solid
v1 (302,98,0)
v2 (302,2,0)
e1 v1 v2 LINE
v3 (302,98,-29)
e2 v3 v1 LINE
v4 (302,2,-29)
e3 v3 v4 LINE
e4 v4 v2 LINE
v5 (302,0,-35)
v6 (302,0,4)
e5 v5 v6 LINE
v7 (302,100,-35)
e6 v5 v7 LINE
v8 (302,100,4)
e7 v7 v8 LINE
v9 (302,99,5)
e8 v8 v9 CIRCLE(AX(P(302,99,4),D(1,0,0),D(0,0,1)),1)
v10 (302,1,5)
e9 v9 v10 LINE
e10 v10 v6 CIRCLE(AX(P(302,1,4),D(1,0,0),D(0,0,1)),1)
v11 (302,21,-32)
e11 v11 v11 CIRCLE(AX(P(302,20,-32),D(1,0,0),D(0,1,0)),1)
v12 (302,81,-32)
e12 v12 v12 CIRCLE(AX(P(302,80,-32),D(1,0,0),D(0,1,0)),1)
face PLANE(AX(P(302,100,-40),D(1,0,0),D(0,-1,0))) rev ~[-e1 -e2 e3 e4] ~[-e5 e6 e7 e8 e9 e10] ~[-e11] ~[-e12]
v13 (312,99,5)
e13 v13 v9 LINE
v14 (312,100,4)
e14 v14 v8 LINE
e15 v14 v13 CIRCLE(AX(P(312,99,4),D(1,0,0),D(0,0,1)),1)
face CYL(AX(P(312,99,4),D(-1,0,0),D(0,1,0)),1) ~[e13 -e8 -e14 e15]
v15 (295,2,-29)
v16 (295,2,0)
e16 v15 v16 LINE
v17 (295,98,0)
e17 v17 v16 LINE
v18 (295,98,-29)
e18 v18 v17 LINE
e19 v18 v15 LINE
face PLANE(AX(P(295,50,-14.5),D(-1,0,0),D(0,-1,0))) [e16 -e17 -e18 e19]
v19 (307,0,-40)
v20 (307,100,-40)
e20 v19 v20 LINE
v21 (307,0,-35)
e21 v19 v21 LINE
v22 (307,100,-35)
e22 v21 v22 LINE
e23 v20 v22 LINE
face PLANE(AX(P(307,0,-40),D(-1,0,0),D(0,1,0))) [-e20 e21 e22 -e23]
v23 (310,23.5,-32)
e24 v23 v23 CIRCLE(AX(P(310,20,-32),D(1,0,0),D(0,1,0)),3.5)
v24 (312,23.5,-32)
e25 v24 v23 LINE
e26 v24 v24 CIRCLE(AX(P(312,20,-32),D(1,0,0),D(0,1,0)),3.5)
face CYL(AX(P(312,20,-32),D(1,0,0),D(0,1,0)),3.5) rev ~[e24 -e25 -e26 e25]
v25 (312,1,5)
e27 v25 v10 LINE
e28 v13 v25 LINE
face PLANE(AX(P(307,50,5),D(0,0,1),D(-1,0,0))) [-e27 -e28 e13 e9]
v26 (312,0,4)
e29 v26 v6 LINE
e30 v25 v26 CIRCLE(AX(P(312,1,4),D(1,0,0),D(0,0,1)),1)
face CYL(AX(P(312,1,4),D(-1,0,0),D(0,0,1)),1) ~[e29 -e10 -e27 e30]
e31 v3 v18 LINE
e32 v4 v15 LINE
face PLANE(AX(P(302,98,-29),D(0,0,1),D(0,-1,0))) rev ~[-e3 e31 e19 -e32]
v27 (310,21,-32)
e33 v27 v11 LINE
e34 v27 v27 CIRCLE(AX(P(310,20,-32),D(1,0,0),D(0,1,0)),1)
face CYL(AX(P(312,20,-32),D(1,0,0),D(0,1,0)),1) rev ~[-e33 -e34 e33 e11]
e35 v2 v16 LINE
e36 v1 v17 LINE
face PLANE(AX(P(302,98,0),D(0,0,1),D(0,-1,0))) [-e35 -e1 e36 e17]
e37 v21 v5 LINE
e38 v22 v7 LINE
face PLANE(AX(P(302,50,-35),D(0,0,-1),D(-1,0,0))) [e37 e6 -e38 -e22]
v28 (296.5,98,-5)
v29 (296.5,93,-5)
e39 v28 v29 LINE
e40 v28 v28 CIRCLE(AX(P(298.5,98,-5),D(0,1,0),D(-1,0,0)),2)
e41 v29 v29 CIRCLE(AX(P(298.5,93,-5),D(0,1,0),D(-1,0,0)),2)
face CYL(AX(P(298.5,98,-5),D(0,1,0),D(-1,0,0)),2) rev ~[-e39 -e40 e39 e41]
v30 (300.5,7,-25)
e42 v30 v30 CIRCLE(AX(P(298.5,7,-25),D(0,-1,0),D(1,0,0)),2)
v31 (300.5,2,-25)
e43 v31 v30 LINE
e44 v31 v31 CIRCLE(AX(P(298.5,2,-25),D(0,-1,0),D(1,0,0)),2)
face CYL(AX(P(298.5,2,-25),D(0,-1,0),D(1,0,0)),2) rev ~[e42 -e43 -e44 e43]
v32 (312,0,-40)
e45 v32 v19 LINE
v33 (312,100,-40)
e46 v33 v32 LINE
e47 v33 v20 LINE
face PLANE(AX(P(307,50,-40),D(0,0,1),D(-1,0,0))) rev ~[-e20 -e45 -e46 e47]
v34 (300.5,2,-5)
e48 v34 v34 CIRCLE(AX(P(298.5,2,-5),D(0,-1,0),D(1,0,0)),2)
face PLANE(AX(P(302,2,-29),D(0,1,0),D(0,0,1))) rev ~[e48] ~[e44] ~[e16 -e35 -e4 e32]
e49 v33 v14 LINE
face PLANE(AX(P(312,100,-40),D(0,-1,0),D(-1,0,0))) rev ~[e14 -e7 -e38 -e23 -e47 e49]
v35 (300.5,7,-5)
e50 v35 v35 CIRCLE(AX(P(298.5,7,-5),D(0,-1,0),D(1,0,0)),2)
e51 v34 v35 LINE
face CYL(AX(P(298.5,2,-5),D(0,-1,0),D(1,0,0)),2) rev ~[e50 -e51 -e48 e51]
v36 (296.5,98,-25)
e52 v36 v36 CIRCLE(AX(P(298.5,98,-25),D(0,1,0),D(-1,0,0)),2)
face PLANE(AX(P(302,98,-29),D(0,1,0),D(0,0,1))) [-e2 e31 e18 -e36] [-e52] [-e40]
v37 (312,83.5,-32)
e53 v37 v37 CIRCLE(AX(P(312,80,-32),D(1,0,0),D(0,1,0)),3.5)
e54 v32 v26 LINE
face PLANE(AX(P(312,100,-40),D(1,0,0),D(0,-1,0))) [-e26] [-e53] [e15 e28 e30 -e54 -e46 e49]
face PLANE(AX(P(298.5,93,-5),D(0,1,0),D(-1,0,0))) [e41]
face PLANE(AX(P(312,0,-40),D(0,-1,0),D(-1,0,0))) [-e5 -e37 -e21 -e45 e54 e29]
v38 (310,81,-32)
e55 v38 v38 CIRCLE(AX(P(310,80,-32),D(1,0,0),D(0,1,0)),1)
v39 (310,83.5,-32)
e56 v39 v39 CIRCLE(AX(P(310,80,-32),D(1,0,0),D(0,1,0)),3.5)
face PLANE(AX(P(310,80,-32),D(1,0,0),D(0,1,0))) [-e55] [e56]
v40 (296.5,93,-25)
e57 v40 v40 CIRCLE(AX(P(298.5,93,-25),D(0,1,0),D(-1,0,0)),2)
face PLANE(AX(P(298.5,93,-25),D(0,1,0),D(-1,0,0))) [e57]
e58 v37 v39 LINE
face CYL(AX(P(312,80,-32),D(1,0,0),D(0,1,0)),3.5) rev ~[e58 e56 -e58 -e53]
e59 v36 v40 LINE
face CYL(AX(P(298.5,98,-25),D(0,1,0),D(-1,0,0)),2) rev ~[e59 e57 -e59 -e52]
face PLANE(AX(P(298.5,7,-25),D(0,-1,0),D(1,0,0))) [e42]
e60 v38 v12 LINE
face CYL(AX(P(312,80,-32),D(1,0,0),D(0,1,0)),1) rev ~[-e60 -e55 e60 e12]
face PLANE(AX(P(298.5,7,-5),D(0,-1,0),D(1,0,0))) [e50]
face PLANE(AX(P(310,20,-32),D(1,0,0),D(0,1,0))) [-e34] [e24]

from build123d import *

# Parameters (mm, degrees)
SKETCH005_W             = 10
SKETCH005_H             = 100
PAD003_DEPTH            = 45
SKETCH006_W             = 10
SKETCH006_H             = 100
POCKET002_DEPTH         = 5
SKETCH007_W             = 96
SKETCH007_H             = 29
PAD004_DEPTH            = 7
SKETCH014_R             = 1
POCKET007_DEPTH         = 10
SKETCH015_R             = 3.5
POCKET008_DEPTH         = 2
SKETCH016_R             = 2
POCKET009_DEPTH         = 5
SKETCH017_R             = 2
POCKET010_DEPTH         = 5
FILLET001_R             = 1
BODY003_PLACEMENT_ANGLE = 180


with BuildPart() as part:
    # Sketch005 → Pad003 (new body)
    with BuildSketch(Plane.XY):
        with Locations((5, 50)):
            Rectangle(SKETCH005_W, SKETCH005_H)
    extrude(amount=PAD003_DEPTH)

    # Sketch006 (on Face5 of Pad003) → Pocket002 (cut)
    with BuildSketch(Plane(origin=(0, 0, 0), x_dir=(1, 0, 0), z_dir=(0, 0, -1))):
        with Locations((10, -50)):
            Rectangle(SKETCH006_W, SKETCH006_H)
    extrude(amount=-POCKET002_DEPTH, mode=Mode.SUBTRACT)

    # Sketch007 (on Face5 of Pocket002) → Pad004 (join)
    with BuildSketch(Plane.YZ.offset(10)):
        with Locations((50, 25.5)):
            Rectangle(SKETCH007_W, SKETCH007_H)
    extrude(amount=PAD004_DEPTH)

    # Sketch014 (on Face7 of Pad004) → Pocket007 (cut)
    with BuildSketch(Plane(origin=(0, 0, 0), x_dir=(0, -1, 0), z_dir=(-1, 0, 0))):
        with Locations((-20, 8)):
            Circle(SKETCH014_R)
        with Locations((-80, 8)):
            Circle(SKETCH014_R)
    extrude(amount=-POCKET007_DEPTH, mode=Mode.SUBTRACT)

    # Sketch015 (on Face7 of Pocket007) → Pocket008 (cut)
    with BuildSketch(Plane(origin=(0, 0, 0), x_dir=(0, -1, 0), z_dir=(-1, 0, 0))):
        with Locations((-20, 8)):
            Circle(SKETCH015_R)
        with Locations((-80, 8)):
            Circle(SKETCH015_R)
    extrude(amount=-POCKET008_DEPTH, mode=Mode.SUBTRACT)

    # Sketch016 (on Face9 of Pocket008) → Pocket009 (cut)
    with BuildSketch(Plane.XZ.offset(-2)):
        with Locations((13.5, 15)):
            Circle(SKETCH016_R)
        with Locations((13.5, 35)):
            Circle(SKETCH016_R)
    extrude(amount=-POCKET009_DEPTH, mode=Mode.SUBTRACT)

    # Sketch017 (on Face12 of Pocket009) → Pocket010 (cut)
    with BuildSketch(Plane(origin=(0, 98, 0), x_dir=(-1, 0, 0), z_dir=(0, 1, 0))):
        with Locations((-13.5, 15)):
            Circle(SKETCH017_R)
        with Locations((-13.5, 35)):
            Circle(SKETCH017_R)
    extrude(amount=-POCKET010_DEPTH, mode=Mode.SUBTRACT)

    # Fillet001
    fillet001_edges = [part.edges().sort_by_distance(p)[0] for p in [
        (5, 0, 45),
        (5, 100, 45),
    ]]
    fillet(fillet001_edges, radius=FILLET001_R)


with BuildPart() as part_1:
    # Body002 placement: moved
    add(part.part.moved(Location((-10, 0, -40))))


with BuildPart() as part_2:
    # Body003 placement: moved
    add(part_1.part.moved(Location((302, 100, 0))).rotate(Axis((302, 100, 0), (0, 0, 1)), BODY003_PLACEMENT_ANGLE))


solid = part_2.part
